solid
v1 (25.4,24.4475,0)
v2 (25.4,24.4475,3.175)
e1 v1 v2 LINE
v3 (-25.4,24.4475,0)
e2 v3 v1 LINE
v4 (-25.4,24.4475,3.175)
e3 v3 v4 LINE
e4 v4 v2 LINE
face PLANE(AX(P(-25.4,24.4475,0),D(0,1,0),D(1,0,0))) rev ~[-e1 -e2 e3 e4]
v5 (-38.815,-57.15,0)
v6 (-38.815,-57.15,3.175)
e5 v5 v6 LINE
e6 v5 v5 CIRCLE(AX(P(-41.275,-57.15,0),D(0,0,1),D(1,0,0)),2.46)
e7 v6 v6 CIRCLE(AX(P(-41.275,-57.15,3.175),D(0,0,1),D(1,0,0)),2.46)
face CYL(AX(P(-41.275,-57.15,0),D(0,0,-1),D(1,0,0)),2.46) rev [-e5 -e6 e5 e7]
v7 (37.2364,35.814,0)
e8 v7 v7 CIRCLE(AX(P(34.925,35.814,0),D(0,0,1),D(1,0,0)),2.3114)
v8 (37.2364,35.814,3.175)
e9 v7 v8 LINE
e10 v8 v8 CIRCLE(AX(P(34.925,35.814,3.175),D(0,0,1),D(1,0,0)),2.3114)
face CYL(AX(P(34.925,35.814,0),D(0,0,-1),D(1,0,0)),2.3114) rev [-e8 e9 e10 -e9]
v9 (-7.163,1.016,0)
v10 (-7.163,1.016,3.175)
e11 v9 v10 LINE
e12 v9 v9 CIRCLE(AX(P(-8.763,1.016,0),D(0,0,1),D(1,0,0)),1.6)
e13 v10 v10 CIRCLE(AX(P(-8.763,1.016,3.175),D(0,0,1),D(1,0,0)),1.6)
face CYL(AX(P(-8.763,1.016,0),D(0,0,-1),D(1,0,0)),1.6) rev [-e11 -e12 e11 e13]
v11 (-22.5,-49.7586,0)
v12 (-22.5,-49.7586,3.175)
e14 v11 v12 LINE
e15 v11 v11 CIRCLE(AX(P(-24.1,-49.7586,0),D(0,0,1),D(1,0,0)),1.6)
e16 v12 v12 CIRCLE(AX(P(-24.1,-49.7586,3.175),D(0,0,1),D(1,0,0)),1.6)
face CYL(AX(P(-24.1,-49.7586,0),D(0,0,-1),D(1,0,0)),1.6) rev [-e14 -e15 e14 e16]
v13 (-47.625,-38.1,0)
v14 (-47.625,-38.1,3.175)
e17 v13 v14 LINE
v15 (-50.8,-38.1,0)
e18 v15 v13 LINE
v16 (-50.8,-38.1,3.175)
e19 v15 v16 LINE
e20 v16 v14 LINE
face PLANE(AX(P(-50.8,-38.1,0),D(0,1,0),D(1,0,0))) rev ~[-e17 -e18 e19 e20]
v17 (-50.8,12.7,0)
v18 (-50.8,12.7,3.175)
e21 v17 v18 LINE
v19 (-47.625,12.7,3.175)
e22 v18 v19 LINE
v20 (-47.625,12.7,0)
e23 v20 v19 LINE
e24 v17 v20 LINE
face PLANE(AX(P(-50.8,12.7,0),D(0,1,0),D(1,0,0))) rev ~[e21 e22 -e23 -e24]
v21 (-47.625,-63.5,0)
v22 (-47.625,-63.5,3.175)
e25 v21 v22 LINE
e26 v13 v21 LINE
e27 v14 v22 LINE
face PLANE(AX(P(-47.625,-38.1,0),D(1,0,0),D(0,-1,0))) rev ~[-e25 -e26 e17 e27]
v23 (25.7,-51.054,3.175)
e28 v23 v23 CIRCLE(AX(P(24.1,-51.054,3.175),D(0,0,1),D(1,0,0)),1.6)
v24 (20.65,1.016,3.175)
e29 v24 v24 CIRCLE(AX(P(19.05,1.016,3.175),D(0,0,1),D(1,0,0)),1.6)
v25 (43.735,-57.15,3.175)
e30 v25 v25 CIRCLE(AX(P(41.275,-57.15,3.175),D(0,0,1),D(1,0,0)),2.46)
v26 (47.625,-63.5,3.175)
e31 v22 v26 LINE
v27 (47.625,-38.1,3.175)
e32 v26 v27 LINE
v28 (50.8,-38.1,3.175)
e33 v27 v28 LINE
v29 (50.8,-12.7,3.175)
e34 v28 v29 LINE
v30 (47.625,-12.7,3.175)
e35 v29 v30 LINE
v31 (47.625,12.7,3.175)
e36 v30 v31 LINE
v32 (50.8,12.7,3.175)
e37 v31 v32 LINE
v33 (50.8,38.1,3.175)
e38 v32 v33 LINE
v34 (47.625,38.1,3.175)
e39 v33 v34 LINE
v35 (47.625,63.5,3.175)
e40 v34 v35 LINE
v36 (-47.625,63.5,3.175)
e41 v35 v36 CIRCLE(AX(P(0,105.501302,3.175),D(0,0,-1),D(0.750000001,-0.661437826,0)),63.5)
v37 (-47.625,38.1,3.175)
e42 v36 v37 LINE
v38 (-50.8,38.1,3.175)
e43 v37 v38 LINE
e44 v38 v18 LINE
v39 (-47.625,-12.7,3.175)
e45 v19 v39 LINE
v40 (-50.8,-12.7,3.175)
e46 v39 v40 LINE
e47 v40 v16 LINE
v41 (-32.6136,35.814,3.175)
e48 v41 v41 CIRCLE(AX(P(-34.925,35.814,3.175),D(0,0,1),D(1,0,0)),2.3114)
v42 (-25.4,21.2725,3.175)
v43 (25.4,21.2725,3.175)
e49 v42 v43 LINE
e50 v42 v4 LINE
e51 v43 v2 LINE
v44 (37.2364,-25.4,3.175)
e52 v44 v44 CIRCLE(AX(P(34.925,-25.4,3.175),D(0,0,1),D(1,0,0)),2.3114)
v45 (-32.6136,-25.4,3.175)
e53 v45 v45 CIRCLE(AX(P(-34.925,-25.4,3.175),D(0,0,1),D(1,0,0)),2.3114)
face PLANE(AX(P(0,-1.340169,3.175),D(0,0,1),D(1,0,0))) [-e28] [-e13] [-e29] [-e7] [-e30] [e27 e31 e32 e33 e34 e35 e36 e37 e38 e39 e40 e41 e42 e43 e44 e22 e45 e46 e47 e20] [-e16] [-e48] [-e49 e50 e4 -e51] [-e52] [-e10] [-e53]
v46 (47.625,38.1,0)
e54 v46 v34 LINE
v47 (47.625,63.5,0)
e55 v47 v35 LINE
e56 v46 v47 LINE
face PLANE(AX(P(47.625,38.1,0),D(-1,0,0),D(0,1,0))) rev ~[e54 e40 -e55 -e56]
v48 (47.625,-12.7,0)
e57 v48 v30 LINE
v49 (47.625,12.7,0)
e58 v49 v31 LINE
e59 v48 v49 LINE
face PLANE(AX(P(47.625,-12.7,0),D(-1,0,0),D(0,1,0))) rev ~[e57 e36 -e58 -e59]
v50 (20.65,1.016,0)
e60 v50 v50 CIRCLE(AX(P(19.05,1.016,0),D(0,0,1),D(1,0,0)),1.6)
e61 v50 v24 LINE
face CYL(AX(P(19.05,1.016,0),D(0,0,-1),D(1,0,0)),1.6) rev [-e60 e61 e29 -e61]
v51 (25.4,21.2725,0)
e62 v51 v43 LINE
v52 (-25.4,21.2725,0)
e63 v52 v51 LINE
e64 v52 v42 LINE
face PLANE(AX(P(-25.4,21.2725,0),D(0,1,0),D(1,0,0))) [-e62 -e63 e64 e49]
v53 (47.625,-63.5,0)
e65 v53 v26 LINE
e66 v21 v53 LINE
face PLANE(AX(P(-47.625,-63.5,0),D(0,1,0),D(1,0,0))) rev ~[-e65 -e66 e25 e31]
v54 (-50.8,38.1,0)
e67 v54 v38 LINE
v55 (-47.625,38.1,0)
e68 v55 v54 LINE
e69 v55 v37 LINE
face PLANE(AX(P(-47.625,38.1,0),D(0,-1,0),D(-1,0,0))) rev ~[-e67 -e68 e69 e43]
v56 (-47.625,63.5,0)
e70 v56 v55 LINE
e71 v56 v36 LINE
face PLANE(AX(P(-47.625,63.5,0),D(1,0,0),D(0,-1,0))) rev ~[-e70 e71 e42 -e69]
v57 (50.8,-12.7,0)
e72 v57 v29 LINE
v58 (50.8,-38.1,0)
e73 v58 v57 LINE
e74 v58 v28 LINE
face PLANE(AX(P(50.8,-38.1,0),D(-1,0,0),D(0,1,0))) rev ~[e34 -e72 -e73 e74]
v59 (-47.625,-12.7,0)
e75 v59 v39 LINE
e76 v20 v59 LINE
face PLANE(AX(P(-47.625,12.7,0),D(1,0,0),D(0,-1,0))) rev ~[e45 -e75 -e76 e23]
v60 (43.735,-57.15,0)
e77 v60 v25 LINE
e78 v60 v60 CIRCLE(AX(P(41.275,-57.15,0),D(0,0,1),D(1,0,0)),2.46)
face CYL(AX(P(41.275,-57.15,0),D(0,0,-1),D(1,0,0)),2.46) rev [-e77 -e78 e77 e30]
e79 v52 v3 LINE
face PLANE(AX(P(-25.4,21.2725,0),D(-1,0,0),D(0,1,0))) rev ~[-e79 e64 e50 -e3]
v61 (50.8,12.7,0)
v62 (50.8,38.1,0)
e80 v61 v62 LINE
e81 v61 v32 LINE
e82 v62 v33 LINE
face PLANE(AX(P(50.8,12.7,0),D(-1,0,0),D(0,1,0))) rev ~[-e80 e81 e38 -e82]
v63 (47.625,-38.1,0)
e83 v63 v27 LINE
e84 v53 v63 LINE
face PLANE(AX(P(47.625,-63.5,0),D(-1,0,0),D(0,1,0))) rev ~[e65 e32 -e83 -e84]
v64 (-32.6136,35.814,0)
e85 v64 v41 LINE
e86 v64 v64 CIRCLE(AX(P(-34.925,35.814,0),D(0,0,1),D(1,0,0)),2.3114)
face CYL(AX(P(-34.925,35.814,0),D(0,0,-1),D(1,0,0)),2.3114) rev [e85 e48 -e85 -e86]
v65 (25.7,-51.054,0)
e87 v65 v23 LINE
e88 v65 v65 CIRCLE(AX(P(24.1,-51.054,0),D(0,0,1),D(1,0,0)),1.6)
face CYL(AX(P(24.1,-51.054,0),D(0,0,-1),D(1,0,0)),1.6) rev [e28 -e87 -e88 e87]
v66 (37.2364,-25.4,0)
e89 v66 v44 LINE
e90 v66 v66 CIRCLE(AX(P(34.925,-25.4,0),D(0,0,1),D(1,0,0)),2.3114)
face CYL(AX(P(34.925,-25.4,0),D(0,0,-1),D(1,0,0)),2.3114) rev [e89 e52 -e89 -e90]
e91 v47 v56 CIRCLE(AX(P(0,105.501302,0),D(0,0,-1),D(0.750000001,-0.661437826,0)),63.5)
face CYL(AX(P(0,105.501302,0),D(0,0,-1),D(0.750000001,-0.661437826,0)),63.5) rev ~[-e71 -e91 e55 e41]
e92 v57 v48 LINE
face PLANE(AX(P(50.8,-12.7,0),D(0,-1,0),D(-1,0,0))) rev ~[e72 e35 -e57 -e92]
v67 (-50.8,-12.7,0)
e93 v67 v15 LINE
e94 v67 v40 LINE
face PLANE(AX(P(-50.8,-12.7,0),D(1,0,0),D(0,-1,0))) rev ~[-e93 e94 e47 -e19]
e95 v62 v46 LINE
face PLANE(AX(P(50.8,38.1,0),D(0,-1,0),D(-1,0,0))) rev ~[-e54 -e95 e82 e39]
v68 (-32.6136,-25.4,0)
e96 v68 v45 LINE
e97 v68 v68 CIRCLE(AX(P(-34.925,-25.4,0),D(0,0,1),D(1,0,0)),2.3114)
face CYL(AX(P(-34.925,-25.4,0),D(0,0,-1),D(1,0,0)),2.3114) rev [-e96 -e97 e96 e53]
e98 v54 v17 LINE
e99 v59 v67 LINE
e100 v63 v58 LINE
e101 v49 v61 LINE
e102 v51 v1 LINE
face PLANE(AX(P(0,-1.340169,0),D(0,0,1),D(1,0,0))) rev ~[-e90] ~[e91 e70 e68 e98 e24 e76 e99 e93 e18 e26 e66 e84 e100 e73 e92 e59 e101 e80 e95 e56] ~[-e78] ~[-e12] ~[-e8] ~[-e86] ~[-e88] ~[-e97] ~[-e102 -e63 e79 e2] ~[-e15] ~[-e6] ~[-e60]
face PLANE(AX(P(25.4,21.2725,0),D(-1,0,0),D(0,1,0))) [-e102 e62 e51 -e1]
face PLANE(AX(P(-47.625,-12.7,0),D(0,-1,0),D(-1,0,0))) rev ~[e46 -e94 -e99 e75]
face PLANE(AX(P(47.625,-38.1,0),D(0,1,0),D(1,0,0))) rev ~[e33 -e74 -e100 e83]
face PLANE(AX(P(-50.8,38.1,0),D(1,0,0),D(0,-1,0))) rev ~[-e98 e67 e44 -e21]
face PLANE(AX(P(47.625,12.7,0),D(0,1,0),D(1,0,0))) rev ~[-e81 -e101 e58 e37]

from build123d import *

# Parameters (mm, degrees)
F0_R     = 2.46
F0_R_2   = 1.6
F0_R_3   = 2.3114
F0_W     = 50.8
F0_H     = 3.175
F1_DEPTH = 3.175


with BuildPart() as f1:
    # F0 (on Top) → F1 (new body)
    with BuildSketch(Plane.XY):
        with BuildLine():
            Line((-47.625, -63.5), (47.625, -63.5))
            Line((47.625, -63.5), (47.625, -38.1))
            Line((47.625, -38.1), (50.8, -38.1))
            Line((50.8, -38.1), (50.8, -12.7))
            Line((50.8, -12.7), (47.625, -12.7))
            Line((47.625, -12.7), (47.625, 12.7))
            Line((47.625, 12.7), (50.8, 12.7))
            Line((50.8, 12.7), (50.8, 38.1))
            Line((50.8, 38.1), (47.625, 38.1))
            Line((47.625, 38.1), (47.625, 63.5))
            ThreePointArc((47.625, 63.5), (0, 42.001302), (-47.625, 63.5))
            Line((-47.625, 63.5), (-47.625, 38.1))
            Line((-47.625, 38.1), (-50.8, 38.1))
            Line((-50.8, 38.1), (-50.8, 12.7))
            Line((-50.8, 12.7), (-47.625, 12.7))
            Line((-47.625, 12.7), (-47.625, -12.7))
            Line((-47.625, -12.7), (-50.8, -12.7))
            Line((-50.8, -12.7), (-50.8, -38.1))
            Line((-50.8, -38.1), (-47.625, -38.1))
            Line((-47.625, -38.1), (-47.625, -63.5))
        make_face()
        with Locations((-41.275, -57.15)):
            Circle(F0_R, mode=Mode.SUBTRACT)
        with Locations((-24.1, -49.7586)):
            Circle(F0_R_2, mode=Mode.SUBTRACT)
        with Locations((-34.925, -25.4)):
            Circle(F0_R_3, mode=Mode.SUBTRACT)
        with Locations((24.1, -51.054)):
            Circle(F0_R_2, mode=Mode.SUBTRACT)
        with Locations((41.275, -57.15)):
            Circle(F0_R, mode=Mode.SUBTRACT)
        with Locations((34.925, -25.4)):
            Circle(F0_R_3, mode=Mode.SUBTRACT)
        with Locations((-8.763, 1.016)):
            Circle(F0_R_2, mode=Mode.SUBTRACT)
        with Locations((0, 22.86)):
            Rectangle(F0_W, F0_H, mode=Mode.SUBTRACT)
        with Locations((-34.925, 35.814)):
            Circle(F0_R_3, mode=Mode.SUBTRACT)
        with Locations((19.05, 1.016)):
            Circle(F0_R_2, mode=Mode.SUBTRACT)
        with Locations((34.925, 35.814)):
            Circle(F0_R_3, mode=Mode.SUBTRACT)
    extrude(amount=F1_DEPTH)


solid = f1.part
